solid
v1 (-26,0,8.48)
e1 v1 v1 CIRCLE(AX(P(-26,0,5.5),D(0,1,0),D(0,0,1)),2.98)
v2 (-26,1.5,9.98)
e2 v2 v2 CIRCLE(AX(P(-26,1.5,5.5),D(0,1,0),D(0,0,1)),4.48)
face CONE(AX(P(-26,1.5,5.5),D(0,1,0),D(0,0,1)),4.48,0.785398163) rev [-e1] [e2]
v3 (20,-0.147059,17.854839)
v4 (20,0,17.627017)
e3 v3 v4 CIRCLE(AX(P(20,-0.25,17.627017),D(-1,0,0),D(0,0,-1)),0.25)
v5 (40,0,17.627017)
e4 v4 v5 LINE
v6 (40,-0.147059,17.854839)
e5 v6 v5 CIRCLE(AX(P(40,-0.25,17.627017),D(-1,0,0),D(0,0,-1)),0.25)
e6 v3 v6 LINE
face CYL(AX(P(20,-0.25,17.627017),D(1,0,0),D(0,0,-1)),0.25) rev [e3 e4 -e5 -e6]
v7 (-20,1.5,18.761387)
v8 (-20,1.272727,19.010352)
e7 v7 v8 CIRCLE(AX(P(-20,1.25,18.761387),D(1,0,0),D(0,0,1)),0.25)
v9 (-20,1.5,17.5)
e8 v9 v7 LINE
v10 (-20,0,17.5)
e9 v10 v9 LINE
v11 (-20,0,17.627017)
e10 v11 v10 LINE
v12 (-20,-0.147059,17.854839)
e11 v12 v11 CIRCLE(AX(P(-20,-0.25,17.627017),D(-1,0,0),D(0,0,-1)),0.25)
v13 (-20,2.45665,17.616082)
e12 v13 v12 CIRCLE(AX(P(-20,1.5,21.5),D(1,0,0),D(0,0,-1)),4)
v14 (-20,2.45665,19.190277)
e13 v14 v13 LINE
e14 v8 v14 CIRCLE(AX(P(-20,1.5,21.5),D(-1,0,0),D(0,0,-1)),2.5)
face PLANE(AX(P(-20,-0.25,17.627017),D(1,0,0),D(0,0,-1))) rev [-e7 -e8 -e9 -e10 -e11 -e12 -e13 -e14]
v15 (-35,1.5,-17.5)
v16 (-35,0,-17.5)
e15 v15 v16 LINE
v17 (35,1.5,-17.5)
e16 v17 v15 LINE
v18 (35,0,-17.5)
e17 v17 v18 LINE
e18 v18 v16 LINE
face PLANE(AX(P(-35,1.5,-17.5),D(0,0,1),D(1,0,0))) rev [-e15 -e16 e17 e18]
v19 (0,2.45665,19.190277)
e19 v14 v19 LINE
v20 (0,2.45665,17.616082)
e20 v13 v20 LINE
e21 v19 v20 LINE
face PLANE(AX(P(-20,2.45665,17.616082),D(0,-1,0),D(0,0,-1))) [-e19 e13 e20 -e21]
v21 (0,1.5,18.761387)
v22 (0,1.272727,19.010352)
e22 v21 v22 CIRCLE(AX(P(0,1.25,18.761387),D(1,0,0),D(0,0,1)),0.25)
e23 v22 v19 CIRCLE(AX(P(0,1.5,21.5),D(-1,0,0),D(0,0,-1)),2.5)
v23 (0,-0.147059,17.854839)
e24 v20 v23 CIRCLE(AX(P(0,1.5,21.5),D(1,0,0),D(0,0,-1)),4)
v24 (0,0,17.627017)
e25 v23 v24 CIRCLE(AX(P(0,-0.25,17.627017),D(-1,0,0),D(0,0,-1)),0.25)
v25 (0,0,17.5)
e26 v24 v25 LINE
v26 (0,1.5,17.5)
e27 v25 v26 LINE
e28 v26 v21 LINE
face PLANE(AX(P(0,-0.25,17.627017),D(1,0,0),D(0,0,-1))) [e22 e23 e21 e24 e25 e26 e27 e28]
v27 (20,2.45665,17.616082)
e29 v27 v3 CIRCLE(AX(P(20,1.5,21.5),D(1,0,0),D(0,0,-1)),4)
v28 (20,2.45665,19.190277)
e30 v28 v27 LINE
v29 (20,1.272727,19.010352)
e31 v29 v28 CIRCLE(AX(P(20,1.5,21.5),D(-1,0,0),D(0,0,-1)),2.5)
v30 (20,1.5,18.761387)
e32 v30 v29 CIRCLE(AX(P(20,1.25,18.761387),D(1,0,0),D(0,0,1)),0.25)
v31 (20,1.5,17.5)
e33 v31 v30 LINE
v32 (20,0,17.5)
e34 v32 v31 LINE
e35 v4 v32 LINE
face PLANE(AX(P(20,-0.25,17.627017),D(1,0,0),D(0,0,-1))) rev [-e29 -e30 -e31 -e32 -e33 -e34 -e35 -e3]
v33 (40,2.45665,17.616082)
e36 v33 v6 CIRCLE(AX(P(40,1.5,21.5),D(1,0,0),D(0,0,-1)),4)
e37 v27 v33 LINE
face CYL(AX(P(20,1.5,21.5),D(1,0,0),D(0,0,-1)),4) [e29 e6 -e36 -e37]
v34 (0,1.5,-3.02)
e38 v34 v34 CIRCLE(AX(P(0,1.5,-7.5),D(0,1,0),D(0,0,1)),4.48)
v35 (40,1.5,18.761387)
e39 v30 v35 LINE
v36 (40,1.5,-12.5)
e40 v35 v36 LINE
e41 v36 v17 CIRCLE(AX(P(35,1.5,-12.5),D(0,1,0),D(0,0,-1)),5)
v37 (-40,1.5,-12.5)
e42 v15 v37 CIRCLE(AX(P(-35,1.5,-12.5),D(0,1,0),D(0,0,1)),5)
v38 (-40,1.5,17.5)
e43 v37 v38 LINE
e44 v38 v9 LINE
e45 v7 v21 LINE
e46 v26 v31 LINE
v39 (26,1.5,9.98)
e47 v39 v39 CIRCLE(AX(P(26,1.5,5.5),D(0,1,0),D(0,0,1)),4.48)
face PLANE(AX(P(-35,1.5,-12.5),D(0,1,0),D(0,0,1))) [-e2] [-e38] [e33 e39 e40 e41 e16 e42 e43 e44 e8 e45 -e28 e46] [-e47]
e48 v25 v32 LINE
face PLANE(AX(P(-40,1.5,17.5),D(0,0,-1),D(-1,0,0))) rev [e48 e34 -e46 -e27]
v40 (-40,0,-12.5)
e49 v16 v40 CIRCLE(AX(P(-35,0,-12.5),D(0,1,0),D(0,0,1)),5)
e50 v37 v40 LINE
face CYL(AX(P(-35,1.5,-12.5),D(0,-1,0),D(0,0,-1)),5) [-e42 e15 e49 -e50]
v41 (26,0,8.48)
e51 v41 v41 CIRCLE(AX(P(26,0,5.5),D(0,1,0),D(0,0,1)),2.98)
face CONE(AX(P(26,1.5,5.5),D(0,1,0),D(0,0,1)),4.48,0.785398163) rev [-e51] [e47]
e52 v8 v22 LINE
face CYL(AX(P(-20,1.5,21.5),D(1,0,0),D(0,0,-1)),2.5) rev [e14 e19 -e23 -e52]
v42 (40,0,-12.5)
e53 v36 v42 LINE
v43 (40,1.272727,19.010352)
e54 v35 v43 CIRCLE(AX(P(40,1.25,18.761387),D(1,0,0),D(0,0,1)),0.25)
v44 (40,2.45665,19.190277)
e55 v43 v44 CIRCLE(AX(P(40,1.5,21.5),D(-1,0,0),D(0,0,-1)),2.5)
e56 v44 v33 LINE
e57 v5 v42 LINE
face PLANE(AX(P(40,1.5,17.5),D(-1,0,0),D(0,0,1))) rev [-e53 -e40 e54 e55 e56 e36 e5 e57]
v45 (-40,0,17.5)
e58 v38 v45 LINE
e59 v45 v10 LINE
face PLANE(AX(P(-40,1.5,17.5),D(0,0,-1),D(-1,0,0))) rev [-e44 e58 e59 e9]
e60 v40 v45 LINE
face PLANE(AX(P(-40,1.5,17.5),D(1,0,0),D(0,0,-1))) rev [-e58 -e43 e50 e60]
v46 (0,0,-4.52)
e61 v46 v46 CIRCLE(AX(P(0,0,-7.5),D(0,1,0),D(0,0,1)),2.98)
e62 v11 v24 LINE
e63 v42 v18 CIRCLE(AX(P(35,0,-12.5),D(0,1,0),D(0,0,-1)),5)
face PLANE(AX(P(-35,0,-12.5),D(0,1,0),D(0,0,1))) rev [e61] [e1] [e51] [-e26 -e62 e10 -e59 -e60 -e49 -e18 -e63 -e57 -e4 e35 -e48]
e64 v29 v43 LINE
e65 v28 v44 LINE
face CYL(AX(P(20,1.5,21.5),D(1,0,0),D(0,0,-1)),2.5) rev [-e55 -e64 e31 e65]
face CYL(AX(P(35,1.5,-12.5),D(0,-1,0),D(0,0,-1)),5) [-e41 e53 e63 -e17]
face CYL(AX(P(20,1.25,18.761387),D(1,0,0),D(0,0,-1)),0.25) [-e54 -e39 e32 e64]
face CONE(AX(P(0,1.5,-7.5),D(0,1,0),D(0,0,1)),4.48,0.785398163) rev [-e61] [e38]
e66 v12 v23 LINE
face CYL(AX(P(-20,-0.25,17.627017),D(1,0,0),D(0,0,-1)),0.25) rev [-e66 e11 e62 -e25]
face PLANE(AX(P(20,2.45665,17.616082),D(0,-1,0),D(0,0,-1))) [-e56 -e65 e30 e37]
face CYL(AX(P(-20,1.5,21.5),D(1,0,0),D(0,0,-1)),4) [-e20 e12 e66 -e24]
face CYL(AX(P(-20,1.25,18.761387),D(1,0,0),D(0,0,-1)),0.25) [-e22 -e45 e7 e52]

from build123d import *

# Parameters (mm, degrees)
BOSS_EXTRUDE1_DEPTH          = 1.5
BOSS_EXTRUDE2_DEPTH          = 20
LPATTERN1_COUNT              = 2
LPATTERN1_PITCH              = 40
CSK_FOR_M4_SFHCS1_AT_2_COUNT = 2
CSK_FOR_M4_SFHCS1_AT_2_PITCH = 29.068883707
CSK_FOR_M4_SFHCS1_AT_3_COUNT = 2
CSK_FOR_M4_SFHCS1_AT_3_PITCH = 52


with BuildPart() as part:
    # Sketch1 → Boss-Extrude1 (new body)
    with BuildSketch(Plane(origin=(0, 0, 0), x_dir=(1, 0, 0), z_dir=(0, 1, 0))):
        with BuildLine():
            Line((-40, -17.5), (40, -17.5))
            Line((40, -17.5), (40, 12.5))
            ThreePointArc((40, 12.5), (38.535533906, 16.035533906), (35, 17.5))
            Line((35, 17.5), (-35, 17.5))
            ThreePointArc((-35, 17.5), (-38.535533906, 16.035533906), (-40, 12.5))
            Line((-40, 12.5), (-40, -17.5))
        make_face()
    extrude(amount=BOSS_EXTRUDE1_DEPTH)

    # Sketch2 → Boss-Extrude2 (add)
    with BuildSketch(Plane(origin=(40, 0, 0), x_dir=(0, 0, -1), z_dir=(1, 0, 0))):
        with BuildLine():
            Line((-17.616081812, 2.45665015), (-19.190276967, 2.45665015))
            ThreePointArc((-19.190276967, 2.45665015), (-23.971620702, 1.124379043), (-19.010352011, 1.272727273))
            ThreePointArc((-19.010352011, 1.272727273), (-18.929937178, 1.434637236), (-18.761387212, 1.5))
            Line((-18.761387212, 1.5), (-17.5, 1.5))
            Line((-17.5, 1.5), (-17.5, 0))
            Line((-17.5, 0), (-17.627016654, 0))
            ThreePointArc((-17.627016654, 0), (-17.76259819, -0.039957987), (-17.854839204, -0.147058824))
            ThreePointArc((-17.854839204, -0.147058824), (-25.483287925, 1.865263339), (-17.616081812, 2.45665015))
        make_face()
    boss_extrude2 = extrude(amount=-BOSS_EXTRUDE2_DEPTH)

    # LPattern1: Boss-Extrude2 ×2
    with Locations(*[(-i * LPATTERN1_PITCH, 0, 0) for i in range(1, LPATTERN1_COUNT)]):
        add(boss_extrude2)

    # Sketch5 → CSK for M4 SFHCS1 (revolve, cut)
    with BuildSketch(Plane(origin=(-26, 1.5, 5.5), x_dir=(0, 0, 1), z_dir=(1, 0, 0))):
        Polygon((0, 0), (0, 4), (2.25, 4), (2.25, 2.23), (4.48, 0), align=None)
    csk_for_m4_sfhcs1 = revolve(axis=Axis((-26, 7.85, 5.5), (0, -1, 0)), mode=Mode.SUBTRACT)

    # CSK for M4 SFHCS1 at 2: CSK for M4 SFHCS1 ×2
    with Locations(*[Vector(0.894427190999916, 0, -0.44721359549995787) * (i * CSK_FOR_M4_SFHCS1_AT_2_PITCH) for i in range(1, CSK_FOR_M4_SFHCS1_AT_2_COUNT)]):
        add(csk_for_m4_sfhcs1, mode=Mode.SUBTRACT)

    # CSK for M4 SFHCS1 at 3: CSK for M4 SFHCS1 ×2
    with Locations(*[(i * CSK_FOR_M4_SFHCS1_AT_3_PITCH, 0, 0) for i in range(1, CSK_FOR_M4_SFHCS1_AT_3_COUNT)]):
        add(csk_for_m4_sfhcs1, mode=Mode.SUBTRACT)


solid = part.part
